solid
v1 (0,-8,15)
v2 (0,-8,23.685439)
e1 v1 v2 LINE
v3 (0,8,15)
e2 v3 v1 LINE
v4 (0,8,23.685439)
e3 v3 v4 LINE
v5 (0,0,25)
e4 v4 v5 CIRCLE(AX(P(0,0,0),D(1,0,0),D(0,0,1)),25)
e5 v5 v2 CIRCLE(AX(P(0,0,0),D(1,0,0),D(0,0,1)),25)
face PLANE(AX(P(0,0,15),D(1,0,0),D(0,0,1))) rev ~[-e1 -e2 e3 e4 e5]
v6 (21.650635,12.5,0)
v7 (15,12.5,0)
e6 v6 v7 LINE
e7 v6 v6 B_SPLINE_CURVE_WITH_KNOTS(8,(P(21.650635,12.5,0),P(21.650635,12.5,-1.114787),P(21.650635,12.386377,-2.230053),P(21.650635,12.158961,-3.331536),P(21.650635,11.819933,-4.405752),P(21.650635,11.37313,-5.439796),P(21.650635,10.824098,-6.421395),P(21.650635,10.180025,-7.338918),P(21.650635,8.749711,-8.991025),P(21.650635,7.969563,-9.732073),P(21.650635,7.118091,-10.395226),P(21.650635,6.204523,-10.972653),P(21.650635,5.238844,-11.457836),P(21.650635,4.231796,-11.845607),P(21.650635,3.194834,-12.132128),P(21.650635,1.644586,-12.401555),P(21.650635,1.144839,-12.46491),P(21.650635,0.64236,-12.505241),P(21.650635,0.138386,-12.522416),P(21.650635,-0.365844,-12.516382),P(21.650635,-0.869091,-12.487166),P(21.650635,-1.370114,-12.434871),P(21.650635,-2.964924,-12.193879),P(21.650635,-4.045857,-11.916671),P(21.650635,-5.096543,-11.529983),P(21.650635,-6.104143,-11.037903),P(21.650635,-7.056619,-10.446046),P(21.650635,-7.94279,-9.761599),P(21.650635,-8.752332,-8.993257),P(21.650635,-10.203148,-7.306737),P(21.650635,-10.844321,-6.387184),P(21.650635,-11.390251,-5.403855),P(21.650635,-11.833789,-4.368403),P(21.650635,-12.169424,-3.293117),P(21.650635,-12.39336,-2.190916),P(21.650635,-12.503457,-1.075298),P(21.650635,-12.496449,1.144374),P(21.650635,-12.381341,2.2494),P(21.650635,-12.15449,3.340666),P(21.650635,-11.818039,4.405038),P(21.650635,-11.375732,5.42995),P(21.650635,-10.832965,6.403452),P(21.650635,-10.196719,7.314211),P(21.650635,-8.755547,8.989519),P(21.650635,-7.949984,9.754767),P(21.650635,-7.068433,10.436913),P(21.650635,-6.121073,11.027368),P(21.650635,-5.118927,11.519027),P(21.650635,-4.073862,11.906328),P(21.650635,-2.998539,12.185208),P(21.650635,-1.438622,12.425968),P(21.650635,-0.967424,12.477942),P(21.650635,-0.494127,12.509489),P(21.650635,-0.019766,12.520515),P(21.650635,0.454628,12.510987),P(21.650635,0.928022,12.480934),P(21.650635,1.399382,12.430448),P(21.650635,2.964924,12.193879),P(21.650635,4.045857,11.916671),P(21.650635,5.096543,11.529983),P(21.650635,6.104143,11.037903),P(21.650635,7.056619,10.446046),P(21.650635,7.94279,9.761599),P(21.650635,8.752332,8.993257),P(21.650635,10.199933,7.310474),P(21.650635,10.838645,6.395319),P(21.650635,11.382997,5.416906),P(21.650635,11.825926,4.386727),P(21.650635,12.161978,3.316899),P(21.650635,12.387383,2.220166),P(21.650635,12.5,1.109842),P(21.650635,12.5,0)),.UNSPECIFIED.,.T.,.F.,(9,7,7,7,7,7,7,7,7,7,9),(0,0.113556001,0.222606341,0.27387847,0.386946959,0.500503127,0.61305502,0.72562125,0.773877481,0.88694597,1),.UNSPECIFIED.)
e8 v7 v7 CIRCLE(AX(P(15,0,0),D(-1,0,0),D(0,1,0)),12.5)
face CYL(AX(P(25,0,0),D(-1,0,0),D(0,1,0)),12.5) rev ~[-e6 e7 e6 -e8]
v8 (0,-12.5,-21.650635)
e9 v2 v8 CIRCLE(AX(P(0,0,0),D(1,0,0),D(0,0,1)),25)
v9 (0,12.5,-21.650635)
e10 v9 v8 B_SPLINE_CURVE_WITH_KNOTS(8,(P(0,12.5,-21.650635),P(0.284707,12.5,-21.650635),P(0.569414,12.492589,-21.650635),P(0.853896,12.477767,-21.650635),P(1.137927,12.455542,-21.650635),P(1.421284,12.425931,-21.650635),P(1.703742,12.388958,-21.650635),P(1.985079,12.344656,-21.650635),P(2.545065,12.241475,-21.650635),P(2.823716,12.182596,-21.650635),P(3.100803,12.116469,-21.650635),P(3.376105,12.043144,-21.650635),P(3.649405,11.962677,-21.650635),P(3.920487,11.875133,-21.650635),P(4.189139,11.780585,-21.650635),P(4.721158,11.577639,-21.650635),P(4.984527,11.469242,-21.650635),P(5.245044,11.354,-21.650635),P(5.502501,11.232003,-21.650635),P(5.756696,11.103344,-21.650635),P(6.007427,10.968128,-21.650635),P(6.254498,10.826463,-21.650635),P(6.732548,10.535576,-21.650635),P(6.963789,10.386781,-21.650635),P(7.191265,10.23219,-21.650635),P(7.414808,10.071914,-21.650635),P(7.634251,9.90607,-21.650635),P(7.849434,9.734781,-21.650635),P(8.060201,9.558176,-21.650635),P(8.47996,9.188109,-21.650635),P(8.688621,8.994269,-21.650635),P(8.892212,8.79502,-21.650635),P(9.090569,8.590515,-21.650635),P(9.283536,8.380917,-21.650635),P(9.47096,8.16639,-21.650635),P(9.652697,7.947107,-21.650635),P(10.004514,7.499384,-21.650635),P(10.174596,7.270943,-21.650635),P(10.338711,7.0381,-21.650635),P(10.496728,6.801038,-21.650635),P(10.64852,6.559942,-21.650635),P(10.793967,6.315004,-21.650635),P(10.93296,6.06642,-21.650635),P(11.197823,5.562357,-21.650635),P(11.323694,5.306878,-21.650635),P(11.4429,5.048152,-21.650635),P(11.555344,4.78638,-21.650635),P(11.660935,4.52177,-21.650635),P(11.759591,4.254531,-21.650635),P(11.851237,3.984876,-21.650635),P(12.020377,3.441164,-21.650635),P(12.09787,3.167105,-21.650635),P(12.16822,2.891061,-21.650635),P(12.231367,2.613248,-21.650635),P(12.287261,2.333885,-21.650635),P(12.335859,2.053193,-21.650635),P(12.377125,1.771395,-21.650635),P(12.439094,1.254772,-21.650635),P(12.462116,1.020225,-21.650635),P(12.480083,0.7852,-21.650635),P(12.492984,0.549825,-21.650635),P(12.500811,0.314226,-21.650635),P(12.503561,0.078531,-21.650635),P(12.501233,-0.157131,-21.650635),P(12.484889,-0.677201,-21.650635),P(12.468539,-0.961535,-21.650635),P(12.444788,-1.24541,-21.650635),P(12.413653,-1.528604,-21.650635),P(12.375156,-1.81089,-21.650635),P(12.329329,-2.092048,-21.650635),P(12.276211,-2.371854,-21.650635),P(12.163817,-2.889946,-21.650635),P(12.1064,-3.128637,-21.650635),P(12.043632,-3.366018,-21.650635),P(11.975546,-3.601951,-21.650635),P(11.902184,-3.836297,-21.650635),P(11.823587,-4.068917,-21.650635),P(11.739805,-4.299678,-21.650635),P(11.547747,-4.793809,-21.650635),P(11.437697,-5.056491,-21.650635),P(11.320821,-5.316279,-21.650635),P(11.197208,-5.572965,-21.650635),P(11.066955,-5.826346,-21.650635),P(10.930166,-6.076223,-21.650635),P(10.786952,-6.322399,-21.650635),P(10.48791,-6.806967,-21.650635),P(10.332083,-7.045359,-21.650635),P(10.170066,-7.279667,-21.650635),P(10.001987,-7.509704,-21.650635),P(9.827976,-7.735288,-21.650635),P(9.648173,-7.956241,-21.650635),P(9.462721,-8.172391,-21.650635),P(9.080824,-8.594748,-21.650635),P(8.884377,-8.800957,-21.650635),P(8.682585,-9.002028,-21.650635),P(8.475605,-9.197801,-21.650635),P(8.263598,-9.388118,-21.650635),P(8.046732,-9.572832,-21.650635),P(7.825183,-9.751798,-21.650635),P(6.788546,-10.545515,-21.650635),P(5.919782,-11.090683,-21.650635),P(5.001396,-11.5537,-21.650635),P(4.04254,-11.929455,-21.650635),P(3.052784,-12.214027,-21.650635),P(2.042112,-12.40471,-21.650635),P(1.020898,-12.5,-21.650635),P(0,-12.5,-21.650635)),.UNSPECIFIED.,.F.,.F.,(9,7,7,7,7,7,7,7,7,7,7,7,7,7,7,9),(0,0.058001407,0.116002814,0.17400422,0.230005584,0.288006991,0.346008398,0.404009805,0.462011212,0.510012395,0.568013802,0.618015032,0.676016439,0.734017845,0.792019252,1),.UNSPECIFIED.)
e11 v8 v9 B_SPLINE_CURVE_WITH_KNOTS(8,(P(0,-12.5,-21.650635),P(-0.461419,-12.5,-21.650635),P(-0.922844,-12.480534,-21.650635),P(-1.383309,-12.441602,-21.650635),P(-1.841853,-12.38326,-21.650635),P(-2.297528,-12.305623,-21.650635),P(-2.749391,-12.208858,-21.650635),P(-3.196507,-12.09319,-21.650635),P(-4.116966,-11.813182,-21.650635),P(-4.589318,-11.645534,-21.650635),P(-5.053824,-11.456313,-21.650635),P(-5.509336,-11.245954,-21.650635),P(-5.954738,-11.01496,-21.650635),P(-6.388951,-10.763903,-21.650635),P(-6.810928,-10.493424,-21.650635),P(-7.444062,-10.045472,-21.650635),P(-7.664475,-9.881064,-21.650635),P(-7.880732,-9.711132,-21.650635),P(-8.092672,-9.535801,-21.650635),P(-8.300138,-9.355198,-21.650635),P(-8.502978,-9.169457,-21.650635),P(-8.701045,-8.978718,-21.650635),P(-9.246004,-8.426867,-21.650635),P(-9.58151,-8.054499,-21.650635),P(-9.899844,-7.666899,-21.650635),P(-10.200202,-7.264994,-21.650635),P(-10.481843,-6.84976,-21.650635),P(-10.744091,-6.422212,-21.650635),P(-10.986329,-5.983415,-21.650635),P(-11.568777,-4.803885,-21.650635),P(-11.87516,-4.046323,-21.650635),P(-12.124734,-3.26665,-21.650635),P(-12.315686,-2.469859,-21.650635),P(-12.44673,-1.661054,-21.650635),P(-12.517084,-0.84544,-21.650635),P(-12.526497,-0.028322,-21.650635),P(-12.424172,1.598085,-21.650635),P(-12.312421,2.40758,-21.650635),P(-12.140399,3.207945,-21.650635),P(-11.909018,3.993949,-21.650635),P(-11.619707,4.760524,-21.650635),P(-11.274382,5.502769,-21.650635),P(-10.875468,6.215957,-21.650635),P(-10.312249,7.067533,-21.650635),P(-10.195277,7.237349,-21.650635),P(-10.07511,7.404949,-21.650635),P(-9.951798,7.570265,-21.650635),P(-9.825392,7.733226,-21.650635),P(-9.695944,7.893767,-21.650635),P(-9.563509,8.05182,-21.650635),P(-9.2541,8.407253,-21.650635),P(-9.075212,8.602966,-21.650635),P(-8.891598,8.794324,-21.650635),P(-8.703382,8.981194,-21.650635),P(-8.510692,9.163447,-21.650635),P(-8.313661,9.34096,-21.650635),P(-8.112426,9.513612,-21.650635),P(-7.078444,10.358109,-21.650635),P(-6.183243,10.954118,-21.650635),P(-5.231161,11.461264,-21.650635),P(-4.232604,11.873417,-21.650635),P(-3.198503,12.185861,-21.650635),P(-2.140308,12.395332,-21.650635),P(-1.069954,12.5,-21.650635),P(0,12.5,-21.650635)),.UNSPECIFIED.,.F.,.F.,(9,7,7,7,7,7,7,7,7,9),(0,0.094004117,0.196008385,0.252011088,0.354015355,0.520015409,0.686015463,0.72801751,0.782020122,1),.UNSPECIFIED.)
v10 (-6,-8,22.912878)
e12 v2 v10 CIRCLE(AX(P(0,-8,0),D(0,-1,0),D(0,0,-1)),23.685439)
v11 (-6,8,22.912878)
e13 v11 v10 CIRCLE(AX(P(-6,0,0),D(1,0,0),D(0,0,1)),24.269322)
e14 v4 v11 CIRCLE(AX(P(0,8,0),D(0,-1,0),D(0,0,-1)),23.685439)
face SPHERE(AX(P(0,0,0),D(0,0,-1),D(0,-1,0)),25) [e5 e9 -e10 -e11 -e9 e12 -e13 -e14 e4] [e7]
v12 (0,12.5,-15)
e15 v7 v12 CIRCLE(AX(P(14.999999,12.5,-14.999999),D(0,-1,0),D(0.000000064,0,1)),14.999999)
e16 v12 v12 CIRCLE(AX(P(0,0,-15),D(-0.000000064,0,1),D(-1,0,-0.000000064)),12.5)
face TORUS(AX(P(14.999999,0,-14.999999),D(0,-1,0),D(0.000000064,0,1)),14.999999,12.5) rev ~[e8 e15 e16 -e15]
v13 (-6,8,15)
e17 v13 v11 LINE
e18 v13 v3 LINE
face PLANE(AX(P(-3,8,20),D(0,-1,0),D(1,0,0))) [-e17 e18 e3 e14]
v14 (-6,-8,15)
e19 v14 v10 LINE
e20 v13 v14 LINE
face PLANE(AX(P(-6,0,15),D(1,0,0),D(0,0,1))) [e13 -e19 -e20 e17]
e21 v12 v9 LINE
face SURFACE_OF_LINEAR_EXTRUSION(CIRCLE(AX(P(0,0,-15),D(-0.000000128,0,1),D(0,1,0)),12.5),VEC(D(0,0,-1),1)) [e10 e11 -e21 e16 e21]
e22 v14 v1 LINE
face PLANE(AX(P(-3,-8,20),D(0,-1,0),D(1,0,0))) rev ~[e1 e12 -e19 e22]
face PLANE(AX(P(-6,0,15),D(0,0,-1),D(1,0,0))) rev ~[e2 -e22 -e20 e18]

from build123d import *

# Parameters (mm, degrees)
F3_R     = 12.5
F4_W     = 6
F4_H     = 10
F6_DEPTH = 8


with BuildPart() as f1:
    # F0 (on Right) → F1 (revolve)
    with BuildSketch(Plane.YZ):
        with BuildLine():
            Line((0, -25), (0, 25))
            ThreePointArc((0, 25), (-25, 0), (0, -25))
        make_face()
    revolve(axis=Axis((0, 0, 0), (0, 0, -1)))

    # F5: sweep along a path in F4
    with BuildLine(Plane.XZ) as f5_path:
        Line((25, 0), (15, 0))
        ThreePointArc((15, 0), (4.393398, -4.393398), (0, -15))
        Line((0, -15), (0, -25.968151))
    # F3 (on offset) → F5 (sweep, cut)
    with BuildSketch(Plane.YZ.offset(25)):
        Circle(F3_R)
    sweep(path=f5_path.line, mode=Mode.SUBTRACT)

    # F4 (on Front) → F6 (cut, symmetric)
    with BuildSketch(Plane.XZ):
        with Locations((-3, 20)):
            Rectangle(F4_W, F4_H)
    extrude(amount=F6_DEPTH, both=True, mode=Mode.SUBTRACT)


solid = f1.part
